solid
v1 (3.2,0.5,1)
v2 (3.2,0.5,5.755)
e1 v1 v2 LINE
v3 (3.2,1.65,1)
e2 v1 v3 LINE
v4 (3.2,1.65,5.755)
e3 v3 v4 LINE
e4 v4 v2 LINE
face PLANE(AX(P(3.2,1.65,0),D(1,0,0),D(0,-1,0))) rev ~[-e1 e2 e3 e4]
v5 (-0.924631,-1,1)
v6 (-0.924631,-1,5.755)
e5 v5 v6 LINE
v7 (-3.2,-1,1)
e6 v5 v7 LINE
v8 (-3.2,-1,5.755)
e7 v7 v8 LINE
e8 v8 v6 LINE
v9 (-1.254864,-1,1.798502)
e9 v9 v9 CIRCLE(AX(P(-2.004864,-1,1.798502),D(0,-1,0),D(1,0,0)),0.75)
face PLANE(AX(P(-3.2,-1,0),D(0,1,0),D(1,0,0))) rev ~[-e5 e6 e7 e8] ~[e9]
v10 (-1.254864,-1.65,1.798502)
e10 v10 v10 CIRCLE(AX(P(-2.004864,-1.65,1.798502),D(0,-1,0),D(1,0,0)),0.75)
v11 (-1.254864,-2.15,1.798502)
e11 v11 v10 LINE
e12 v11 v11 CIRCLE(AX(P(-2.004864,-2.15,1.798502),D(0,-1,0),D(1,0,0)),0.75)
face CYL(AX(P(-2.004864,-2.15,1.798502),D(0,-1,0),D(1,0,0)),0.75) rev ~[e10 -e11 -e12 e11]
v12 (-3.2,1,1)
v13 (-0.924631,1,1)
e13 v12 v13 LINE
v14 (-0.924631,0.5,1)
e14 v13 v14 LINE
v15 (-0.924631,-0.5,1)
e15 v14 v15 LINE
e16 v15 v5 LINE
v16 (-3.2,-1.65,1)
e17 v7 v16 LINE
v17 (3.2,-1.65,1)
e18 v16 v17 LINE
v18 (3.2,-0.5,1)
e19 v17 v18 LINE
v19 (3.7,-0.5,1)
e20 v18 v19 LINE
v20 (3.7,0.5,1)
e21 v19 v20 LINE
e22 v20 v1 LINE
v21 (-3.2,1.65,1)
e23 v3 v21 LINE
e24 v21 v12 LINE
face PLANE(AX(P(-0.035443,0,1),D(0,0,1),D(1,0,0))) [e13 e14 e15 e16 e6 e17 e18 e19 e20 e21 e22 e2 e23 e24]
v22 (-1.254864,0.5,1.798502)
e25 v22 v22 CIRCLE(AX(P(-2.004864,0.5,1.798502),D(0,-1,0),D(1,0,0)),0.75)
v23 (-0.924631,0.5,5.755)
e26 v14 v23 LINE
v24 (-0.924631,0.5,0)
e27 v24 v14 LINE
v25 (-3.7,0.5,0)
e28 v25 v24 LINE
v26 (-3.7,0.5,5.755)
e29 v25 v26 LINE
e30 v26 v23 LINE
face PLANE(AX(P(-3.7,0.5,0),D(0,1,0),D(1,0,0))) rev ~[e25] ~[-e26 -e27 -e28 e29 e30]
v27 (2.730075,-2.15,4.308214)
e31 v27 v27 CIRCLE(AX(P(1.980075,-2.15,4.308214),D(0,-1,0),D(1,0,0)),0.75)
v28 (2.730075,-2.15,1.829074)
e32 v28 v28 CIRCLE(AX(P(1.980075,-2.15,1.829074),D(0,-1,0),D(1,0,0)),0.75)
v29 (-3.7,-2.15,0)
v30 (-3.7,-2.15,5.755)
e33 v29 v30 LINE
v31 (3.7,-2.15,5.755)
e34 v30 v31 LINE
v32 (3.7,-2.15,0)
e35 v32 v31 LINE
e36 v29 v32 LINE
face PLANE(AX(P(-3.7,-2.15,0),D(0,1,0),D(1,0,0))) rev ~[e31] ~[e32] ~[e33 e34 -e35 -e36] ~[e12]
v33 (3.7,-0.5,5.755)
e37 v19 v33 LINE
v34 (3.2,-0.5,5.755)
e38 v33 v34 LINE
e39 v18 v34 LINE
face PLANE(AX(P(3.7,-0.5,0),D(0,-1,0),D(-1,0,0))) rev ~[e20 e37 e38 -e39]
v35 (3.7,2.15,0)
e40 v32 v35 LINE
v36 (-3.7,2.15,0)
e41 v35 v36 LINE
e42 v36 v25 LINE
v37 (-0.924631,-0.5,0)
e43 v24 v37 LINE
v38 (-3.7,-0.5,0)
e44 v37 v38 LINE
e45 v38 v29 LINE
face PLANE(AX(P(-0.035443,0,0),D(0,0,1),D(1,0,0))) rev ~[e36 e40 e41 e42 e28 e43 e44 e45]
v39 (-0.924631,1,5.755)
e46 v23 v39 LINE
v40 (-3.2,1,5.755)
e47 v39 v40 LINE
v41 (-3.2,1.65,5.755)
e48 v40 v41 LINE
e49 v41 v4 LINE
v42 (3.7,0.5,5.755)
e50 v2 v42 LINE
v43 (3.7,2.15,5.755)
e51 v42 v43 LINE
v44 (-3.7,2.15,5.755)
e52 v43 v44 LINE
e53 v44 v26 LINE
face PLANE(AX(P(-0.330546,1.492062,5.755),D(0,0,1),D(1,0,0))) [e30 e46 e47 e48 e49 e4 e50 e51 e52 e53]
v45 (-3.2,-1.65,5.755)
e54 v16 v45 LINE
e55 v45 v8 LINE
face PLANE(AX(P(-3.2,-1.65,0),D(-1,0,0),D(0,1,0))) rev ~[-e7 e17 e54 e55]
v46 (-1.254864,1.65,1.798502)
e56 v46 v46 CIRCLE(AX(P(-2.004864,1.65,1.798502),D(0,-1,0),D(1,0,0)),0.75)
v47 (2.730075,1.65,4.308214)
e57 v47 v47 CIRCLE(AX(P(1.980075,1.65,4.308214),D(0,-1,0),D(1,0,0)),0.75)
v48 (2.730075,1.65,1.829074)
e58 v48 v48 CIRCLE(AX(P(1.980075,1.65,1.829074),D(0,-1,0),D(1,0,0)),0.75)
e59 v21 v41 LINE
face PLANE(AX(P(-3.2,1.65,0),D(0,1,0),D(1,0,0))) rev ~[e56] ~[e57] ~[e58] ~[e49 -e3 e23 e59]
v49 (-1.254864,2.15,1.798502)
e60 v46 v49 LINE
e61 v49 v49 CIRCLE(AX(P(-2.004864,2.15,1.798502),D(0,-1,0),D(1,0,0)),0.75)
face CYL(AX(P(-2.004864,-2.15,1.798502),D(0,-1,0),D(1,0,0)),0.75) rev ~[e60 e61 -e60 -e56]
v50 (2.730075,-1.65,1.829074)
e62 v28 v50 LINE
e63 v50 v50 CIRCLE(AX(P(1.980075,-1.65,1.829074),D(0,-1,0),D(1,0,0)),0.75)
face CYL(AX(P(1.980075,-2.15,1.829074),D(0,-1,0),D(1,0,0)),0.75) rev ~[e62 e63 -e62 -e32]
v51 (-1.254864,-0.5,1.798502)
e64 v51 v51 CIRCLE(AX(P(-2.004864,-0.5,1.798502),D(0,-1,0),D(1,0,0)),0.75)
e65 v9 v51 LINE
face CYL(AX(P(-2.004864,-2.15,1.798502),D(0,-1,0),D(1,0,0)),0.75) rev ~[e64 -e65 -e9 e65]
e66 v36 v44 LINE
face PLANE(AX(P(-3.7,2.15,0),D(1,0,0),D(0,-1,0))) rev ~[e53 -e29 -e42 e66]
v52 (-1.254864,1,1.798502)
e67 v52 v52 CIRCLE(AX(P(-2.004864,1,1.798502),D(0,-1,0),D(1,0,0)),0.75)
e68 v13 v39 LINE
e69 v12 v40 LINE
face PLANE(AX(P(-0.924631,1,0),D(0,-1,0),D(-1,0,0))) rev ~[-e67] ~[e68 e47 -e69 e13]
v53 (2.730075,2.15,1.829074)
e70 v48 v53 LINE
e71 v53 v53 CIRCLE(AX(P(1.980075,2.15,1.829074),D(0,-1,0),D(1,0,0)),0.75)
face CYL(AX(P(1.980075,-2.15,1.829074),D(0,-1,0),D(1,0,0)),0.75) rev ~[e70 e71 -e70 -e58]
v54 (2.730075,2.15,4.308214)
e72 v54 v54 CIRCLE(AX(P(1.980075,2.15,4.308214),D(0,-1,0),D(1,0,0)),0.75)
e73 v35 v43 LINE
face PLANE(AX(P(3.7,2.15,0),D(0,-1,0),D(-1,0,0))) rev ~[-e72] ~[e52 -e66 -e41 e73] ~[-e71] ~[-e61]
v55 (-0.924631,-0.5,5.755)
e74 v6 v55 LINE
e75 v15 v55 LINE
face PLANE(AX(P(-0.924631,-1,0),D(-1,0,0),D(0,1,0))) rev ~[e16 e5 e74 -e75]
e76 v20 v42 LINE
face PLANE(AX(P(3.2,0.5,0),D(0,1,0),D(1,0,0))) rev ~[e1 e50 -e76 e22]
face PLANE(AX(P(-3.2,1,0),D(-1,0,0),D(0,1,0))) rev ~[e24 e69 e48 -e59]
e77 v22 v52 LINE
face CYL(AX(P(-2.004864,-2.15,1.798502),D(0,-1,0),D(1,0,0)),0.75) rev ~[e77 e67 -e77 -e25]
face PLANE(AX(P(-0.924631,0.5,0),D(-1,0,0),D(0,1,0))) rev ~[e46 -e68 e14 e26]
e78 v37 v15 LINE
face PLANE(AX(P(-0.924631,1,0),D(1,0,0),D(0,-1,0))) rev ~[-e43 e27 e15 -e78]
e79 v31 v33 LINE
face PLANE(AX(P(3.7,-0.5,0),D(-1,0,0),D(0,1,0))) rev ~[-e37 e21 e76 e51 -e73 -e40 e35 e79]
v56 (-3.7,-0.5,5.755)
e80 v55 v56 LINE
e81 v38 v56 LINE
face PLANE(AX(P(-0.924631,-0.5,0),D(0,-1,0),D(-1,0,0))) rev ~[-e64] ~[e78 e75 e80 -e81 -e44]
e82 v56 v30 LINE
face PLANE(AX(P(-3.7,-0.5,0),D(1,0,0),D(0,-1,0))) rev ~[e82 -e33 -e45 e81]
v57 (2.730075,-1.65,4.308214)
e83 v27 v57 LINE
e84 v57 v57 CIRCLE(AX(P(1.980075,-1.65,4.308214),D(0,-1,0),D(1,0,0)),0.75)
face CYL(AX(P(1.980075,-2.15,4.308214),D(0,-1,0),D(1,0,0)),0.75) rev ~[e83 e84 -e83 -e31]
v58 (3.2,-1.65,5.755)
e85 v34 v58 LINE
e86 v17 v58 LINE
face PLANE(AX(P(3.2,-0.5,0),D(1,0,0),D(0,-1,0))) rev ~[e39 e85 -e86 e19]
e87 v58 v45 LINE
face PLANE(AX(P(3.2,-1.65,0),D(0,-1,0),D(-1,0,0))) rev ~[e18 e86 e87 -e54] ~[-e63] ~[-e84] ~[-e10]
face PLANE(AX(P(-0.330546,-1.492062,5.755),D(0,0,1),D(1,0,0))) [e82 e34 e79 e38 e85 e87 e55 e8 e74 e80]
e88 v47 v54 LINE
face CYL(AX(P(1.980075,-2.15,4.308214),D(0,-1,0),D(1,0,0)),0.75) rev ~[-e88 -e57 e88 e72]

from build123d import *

# Parameters (mm, degrees)
F1_DEPTH = 5.755
F2_R     = 0.75
F3_DEPTH = 25
F4_DEPTH = 1


with BuildPart() as f1:
    # F0 (on Top) → F1 (new body)
    with BuildSketch(Plane.XY):
        Polygon((-3.7, -2.15), (3.7, -2.15), (3.7, -0.5), (3.2, -0.5), (3.2, -1.65), (-3.2, -1.65), (-3.2, -1), (-0.924631, -1), (-0.924631, -0.5), (-3.7, -0.5), align=None)
        Polygon((3.2, 0.5), (3.7, 0.5), (3.7, 2.15), (-3.7, 2.15), (-3.7, 0.5), (-0.924631, 0.5), (-0.924631, 1), (-3.2, 1), (-3.2, 1.65), (3.2, 1.65), align=None)
    extrude(amount=F1_DEPTH)

    # F2 (on face) → F3 (cut)
    with BuildSketch(Plane.XZ.offset(2.15)):
        with Locations((1.980075, 4.308214)):
            Circle(F2_R)
        with Locations((1.980075, 1.829074)):
            Circle(F2_R)
        with Locations((-2.004864, 1.798502)):
            Circle(F2_R)
    extrude(amount=-F3_DEPTH, mode=Mode.SUBTRACT)

    # F0 (on Top) → F4 (join)
    with BuildSketch(Plane.XY):
        Polygon((3.2, -0.5), (3.7, -0.5), (3.7, 0.5), (3.2, 0.5), (3.2, 1.65), (-3.2, 1.65), (-3.2, 1), (-0.924631, 1), (-0.924631, 0.5), (-0.924631, -0.5), (-0.924631, -1), (-3.2, -1), (-3.2, -1.65), (3.2, -1.65), align=None)
    extrude(amount=F4_DEPTH)


solid = f1.part
